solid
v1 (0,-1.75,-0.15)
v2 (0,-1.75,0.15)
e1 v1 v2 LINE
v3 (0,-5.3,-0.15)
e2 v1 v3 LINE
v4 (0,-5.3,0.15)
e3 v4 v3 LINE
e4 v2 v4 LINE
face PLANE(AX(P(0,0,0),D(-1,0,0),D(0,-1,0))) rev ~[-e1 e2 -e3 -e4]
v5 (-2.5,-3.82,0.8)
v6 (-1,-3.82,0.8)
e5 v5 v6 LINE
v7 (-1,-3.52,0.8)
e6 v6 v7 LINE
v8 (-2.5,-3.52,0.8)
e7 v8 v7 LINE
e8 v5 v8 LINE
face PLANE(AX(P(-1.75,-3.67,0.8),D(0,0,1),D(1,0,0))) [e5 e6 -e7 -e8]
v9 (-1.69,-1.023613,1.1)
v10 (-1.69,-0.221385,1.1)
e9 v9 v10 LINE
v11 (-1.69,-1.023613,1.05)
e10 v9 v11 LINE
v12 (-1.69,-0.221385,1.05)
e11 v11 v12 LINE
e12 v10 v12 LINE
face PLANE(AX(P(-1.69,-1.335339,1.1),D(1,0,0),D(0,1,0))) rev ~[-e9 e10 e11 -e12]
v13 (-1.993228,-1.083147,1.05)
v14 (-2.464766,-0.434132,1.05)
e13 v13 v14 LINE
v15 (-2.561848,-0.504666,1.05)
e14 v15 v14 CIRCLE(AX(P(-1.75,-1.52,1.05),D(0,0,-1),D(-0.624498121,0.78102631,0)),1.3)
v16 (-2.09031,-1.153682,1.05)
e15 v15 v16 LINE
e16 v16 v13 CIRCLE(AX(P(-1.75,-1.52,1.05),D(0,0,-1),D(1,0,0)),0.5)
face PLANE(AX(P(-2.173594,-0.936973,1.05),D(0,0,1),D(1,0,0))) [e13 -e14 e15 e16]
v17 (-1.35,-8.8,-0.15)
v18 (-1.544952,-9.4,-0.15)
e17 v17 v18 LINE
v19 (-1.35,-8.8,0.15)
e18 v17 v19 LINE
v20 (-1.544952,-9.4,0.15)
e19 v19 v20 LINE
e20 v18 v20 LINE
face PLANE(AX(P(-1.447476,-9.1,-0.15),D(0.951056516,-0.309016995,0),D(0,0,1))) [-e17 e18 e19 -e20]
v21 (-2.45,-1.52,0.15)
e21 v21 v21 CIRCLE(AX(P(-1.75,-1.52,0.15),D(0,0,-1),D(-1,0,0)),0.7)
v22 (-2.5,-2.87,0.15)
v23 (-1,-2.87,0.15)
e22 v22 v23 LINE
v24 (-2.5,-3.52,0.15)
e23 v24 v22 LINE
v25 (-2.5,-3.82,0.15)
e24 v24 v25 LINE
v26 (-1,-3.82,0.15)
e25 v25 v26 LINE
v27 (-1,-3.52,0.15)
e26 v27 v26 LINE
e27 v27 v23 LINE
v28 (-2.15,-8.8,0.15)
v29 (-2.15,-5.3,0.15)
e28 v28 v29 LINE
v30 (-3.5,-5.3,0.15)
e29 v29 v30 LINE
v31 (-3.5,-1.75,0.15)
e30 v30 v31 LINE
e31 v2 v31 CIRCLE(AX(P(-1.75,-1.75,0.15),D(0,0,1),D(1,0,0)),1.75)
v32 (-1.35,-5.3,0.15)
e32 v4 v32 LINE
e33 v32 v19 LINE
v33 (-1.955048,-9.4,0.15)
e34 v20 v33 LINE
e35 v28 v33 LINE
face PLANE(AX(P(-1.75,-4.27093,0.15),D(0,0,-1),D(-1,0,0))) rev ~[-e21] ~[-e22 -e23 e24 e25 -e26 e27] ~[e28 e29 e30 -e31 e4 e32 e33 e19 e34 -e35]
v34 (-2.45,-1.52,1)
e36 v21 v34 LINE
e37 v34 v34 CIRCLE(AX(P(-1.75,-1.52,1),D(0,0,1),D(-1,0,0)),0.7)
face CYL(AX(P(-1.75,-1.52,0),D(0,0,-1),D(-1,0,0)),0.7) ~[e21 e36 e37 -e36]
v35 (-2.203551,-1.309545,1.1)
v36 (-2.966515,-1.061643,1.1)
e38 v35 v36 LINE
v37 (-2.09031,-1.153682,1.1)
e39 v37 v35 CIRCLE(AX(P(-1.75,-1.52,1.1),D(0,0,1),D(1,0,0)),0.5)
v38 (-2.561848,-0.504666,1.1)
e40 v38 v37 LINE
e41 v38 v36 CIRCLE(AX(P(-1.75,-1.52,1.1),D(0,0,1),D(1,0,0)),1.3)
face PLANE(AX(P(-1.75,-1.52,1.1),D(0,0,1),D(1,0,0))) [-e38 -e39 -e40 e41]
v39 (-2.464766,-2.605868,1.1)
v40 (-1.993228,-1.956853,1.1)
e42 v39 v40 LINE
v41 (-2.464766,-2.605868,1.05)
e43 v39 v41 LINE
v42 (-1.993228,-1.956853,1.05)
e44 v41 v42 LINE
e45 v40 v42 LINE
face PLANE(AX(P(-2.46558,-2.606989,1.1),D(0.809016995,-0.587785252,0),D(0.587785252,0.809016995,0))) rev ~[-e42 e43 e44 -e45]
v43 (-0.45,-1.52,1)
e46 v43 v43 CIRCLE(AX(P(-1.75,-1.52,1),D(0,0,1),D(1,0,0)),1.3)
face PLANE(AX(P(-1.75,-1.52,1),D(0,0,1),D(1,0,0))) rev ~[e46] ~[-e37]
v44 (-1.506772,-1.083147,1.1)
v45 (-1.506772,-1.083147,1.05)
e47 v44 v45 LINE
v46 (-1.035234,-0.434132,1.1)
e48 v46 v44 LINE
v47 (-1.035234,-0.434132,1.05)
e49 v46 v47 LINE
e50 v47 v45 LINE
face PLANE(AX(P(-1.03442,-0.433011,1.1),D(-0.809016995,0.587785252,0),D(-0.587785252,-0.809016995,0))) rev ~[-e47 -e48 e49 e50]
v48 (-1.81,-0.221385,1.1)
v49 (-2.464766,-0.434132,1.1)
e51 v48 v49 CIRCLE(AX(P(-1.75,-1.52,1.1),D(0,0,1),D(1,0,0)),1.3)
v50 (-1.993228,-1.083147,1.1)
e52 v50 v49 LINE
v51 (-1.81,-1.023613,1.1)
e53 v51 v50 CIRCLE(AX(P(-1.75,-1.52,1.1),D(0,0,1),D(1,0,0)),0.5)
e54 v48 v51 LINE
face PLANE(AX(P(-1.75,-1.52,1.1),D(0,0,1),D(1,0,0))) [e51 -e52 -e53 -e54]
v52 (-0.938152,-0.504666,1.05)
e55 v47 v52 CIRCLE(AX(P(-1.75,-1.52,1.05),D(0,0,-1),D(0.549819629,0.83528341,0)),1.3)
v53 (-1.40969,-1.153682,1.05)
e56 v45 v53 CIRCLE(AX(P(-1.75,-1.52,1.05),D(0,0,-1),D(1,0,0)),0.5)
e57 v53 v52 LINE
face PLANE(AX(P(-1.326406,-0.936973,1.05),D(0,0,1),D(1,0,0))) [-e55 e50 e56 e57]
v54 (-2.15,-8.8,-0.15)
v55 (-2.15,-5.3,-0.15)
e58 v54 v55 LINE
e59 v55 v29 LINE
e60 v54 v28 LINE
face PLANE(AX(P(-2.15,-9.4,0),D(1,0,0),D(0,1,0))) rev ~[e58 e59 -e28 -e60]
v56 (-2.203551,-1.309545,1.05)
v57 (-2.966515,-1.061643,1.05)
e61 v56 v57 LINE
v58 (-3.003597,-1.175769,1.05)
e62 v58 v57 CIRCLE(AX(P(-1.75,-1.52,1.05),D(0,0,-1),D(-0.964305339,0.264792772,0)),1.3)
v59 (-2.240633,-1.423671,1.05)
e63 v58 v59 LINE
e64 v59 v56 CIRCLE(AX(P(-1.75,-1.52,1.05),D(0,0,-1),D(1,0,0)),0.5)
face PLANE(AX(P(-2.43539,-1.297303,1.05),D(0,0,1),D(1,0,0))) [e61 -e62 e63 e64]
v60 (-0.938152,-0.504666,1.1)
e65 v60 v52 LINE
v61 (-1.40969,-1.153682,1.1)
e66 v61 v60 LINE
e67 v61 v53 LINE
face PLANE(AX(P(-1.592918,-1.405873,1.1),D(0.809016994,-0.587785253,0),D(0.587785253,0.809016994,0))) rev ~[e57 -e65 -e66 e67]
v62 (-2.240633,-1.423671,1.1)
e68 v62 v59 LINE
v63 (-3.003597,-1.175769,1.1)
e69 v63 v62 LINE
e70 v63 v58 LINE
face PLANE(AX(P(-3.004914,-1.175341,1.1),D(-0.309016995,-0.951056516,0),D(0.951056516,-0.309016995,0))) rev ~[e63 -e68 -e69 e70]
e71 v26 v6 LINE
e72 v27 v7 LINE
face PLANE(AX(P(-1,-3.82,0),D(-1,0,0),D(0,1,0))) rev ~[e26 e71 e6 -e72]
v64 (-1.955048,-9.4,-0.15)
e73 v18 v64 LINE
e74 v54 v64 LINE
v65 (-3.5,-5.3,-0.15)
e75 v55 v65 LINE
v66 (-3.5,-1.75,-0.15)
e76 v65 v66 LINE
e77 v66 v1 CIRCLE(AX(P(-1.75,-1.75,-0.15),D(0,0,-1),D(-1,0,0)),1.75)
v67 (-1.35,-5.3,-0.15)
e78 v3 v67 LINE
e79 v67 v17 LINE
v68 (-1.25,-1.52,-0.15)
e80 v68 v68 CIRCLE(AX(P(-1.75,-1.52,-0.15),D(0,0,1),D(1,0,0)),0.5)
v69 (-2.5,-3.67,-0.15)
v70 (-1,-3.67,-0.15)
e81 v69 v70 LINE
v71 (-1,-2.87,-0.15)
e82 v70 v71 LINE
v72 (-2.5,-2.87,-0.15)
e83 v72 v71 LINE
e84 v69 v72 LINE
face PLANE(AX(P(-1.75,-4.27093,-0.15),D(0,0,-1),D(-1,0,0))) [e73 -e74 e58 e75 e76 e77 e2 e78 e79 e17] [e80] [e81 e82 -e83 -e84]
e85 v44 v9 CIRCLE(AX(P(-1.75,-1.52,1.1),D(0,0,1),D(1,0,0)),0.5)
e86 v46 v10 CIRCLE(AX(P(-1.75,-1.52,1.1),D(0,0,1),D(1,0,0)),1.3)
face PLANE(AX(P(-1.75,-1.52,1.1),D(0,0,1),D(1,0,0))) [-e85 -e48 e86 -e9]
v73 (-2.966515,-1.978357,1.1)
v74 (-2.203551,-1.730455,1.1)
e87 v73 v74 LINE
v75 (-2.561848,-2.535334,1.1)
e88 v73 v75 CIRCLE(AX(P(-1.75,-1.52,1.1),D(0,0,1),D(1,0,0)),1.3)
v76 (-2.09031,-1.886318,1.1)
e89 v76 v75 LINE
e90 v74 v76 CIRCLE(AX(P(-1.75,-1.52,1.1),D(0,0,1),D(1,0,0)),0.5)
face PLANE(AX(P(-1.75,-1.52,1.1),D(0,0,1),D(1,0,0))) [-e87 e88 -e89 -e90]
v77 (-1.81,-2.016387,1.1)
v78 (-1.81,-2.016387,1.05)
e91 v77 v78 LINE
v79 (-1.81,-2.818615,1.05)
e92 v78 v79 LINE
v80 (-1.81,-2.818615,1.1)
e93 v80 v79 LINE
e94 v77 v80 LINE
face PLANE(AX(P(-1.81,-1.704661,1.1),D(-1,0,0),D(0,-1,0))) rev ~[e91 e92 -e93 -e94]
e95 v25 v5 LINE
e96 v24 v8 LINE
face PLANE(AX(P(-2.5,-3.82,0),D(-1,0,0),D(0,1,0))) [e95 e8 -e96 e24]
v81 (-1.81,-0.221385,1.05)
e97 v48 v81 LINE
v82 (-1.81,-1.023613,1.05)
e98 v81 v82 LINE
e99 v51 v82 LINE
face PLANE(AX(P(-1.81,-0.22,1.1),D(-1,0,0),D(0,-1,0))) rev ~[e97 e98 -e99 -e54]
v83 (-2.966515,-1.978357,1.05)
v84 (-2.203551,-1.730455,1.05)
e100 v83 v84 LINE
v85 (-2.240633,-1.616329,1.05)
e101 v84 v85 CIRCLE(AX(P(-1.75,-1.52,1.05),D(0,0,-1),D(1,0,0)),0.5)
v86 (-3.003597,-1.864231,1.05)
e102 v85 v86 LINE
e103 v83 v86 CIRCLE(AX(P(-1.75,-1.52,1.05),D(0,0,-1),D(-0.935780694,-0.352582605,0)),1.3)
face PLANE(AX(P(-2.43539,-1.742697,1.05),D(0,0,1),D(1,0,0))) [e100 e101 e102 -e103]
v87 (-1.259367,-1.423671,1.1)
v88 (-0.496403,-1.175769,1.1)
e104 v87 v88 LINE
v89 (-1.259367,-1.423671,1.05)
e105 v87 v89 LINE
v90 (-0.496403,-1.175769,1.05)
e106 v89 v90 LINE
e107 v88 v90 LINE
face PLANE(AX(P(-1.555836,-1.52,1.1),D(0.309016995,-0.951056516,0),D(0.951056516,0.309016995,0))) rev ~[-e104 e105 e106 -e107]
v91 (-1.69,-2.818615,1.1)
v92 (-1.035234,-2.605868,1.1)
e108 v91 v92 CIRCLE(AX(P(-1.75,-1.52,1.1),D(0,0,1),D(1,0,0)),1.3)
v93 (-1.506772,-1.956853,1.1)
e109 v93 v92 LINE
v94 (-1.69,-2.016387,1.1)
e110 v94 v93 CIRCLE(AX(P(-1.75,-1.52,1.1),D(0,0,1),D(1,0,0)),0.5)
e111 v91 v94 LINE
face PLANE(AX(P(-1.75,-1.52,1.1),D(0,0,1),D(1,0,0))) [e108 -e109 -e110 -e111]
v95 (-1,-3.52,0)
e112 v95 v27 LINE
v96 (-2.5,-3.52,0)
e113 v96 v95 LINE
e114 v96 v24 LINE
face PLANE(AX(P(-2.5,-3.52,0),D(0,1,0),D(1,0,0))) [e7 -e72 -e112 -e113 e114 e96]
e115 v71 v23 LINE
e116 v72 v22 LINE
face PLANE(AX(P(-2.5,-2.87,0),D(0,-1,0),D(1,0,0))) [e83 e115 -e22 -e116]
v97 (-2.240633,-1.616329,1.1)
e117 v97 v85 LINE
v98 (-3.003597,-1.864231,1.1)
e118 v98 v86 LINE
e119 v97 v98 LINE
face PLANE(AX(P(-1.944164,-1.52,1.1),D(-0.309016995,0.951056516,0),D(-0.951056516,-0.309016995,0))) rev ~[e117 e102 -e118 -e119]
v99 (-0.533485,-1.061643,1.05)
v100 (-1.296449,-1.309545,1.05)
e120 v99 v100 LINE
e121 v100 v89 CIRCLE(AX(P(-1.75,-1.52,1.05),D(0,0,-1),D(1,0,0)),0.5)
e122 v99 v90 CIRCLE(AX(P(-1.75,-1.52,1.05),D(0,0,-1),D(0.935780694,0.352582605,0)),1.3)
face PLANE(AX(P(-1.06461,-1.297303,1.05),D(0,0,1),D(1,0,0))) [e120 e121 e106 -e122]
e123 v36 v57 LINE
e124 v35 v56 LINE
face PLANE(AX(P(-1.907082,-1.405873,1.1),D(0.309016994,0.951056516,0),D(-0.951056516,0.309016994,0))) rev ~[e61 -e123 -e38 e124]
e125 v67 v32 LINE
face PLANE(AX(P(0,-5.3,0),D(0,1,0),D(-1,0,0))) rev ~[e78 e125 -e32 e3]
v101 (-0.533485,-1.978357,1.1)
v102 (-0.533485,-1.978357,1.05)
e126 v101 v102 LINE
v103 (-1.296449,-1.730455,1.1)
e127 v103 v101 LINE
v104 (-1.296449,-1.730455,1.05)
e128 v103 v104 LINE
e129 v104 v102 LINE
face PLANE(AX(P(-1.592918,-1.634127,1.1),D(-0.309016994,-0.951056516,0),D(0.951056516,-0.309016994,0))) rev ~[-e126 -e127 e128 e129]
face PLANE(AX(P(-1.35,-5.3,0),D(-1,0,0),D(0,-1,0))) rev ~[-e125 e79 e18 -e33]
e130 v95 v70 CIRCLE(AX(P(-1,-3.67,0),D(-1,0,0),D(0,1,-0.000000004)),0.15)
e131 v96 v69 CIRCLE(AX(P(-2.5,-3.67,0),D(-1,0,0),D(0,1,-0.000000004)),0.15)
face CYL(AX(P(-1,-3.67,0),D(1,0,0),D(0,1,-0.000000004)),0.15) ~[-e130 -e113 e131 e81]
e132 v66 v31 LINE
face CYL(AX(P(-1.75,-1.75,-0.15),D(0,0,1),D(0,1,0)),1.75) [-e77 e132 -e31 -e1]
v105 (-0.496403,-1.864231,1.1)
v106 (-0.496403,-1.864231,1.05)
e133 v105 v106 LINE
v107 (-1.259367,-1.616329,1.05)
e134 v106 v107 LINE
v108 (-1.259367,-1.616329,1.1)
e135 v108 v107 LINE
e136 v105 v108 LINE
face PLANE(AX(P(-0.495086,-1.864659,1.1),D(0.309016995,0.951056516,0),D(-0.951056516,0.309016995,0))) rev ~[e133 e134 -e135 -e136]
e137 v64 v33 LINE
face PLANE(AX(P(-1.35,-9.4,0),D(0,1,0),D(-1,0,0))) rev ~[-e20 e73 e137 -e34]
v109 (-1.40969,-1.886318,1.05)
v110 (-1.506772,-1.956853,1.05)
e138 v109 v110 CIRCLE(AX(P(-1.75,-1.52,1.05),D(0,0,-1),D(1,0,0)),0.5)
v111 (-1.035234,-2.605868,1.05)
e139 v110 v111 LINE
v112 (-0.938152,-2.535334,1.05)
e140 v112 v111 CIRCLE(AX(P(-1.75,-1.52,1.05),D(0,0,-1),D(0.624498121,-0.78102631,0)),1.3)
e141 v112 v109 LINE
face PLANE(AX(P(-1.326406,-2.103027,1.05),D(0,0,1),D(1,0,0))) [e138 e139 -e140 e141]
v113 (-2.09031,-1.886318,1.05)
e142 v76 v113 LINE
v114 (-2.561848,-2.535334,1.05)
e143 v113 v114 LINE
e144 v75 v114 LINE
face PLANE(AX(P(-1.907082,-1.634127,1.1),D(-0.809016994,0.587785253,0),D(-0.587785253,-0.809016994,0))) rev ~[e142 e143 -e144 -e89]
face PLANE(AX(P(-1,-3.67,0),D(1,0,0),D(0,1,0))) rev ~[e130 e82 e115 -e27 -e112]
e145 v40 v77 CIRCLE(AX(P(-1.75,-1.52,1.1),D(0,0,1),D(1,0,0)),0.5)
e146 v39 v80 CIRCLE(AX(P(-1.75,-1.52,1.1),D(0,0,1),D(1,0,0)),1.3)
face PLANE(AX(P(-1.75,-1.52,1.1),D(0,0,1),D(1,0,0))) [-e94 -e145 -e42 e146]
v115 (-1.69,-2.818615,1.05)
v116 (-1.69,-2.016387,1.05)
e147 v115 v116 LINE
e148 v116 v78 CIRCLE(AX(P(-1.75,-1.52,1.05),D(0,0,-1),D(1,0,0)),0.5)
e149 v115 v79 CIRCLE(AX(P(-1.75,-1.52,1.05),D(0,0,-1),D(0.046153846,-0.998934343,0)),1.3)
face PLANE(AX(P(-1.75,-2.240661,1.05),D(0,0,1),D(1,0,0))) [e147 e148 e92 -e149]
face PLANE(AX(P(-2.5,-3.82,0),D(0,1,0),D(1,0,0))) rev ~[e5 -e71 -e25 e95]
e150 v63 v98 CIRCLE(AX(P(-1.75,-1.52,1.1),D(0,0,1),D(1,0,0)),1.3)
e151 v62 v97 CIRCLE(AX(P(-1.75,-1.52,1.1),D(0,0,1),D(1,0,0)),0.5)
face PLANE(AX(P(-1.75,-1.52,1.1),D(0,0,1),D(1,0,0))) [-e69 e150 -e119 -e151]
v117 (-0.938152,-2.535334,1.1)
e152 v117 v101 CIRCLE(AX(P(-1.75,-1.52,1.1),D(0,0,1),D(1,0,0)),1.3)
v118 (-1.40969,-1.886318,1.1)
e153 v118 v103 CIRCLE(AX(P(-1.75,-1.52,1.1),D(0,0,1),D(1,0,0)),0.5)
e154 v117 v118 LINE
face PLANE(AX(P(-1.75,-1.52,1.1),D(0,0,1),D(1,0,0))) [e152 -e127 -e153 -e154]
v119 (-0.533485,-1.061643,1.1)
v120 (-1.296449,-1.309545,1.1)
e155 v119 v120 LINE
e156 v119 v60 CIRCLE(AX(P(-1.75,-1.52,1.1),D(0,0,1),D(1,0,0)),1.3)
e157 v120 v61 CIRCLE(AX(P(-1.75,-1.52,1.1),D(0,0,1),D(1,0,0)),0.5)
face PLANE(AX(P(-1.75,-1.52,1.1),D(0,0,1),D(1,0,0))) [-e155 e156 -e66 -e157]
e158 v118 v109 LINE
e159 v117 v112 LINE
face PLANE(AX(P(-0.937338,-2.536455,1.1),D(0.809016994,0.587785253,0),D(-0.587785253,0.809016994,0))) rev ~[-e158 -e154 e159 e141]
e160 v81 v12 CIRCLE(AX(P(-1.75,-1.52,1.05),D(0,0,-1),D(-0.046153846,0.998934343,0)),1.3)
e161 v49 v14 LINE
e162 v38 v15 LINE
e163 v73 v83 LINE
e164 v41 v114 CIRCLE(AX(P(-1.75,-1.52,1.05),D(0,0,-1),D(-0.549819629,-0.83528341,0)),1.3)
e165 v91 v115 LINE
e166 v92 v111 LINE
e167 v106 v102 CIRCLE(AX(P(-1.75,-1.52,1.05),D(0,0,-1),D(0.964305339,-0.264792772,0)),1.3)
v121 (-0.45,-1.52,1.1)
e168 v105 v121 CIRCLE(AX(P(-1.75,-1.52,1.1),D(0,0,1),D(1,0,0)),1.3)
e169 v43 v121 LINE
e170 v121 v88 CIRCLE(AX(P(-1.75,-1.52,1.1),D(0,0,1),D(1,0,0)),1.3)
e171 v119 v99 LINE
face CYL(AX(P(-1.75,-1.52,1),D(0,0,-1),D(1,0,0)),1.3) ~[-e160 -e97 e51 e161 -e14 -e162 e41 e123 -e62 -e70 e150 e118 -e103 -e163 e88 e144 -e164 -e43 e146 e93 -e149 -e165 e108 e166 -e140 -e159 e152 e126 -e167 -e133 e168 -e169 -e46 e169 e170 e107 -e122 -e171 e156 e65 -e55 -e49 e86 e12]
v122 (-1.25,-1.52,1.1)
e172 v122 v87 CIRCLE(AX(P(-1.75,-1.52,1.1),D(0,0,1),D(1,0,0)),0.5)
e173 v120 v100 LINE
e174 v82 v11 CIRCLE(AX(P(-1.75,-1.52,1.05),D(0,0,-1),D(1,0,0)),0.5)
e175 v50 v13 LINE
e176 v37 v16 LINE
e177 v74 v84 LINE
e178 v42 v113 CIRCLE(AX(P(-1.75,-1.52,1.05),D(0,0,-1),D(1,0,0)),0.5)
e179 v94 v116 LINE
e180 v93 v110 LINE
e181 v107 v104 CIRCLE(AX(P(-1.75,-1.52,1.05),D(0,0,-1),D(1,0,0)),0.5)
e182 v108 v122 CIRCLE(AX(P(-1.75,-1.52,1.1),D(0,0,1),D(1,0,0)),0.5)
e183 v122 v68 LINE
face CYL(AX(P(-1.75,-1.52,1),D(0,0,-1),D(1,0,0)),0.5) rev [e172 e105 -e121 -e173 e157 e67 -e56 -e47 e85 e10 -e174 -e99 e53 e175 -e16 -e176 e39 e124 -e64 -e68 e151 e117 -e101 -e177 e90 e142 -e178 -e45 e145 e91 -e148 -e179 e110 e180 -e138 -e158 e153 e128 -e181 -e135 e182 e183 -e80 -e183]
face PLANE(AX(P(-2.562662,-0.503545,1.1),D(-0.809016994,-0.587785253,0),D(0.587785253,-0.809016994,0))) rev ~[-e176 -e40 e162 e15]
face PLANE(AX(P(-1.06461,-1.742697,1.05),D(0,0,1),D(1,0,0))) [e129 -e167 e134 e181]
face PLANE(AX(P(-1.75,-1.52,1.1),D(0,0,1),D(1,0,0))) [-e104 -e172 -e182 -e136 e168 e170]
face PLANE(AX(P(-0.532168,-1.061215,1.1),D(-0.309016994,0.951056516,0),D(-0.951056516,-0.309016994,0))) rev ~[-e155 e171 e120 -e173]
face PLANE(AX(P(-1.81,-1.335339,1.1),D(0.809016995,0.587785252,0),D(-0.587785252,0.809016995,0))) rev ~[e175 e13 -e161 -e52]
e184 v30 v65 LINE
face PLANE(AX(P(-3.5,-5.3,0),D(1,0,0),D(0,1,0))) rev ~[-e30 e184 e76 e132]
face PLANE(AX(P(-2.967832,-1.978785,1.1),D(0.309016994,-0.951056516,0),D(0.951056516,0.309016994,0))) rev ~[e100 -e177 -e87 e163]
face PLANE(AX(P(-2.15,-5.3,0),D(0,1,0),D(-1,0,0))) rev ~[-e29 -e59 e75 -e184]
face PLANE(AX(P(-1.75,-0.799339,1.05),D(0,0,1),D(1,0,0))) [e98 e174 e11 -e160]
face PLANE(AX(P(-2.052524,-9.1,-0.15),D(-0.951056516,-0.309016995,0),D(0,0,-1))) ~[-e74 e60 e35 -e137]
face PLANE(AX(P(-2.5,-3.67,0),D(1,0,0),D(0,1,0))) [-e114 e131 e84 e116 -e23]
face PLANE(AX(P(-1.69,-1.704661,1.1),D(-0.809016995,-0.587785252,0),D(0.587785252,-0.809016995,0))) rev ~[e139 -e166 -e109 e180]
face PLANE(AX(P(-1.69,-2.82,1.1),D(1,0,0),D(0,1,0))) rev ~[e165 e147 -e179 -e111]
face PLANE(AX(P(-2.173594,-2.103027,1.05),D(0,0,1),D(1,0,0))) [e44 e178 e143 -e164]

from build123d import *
from OCP.BRepFilletAPI import BRepFilletAPI_MakeChamfer

# Parameters (mm, degrees)
SKETCH1_R           = 0.5
SKETCH1_W           = 1.5
SKETCH1_H           = 0.8
BOSS_EXTRUDE1_DEPTH = 0.15
FILLET1_RADIUS      = 1.75
FILLET1_LENGTH      = 0.3
CHAMFER1_SIZE       = 0.6
CHAMFER1_SIZE2      = 0.194951818
SKETCH2_W           = 1.5
SKETCH2_H           = 0.3
BOSS_EXTRUDE2_DEPTH = 0.8
BOSS_EXTRUDE3_START = -1
BOSS_EXTRUDE3_DEPTH = 1.5
SKETCH4_R           = 0.7
SKETCH4_R_2         = 0.5
BOSS_EXTRUDE4_DEPTH = 1
BOSS_EXTRUDE5_START = 1
SKETCH5_R           = 1.3
SKETCH5_R_2         = 0.5
BOSS_EXTRUDE5_DEPTH = 0.1
CUT_EXTRUDE1_START  = 1.1
CUT_EXTRUDE1_DEPTH  = 0.05


with BuildPart() as part:
    # Sketch1 → Boss-Extrude1 (new, symmetric)
    with BuildSketch(Plane.XY):
        Polygon((-2.15, -5.3), (-3.5, -5.3), (-3.5, 0), (0, 0), (0, -5.3), (-1.35, -5.3), (-1.35, -9.4), (-2.15, -9.4), align=None)
        with Locations((-1.75, -1.52)):
            Circle(SKETCH1_R, mode=Mode.SUBTRACT)
        with Locations((-1.75, -3.27)):
            Rectangle(SKETCH1_W, SKETCH1_H, mode=Mode.SUBTRACT)
    extrude(amount=BOSS_EXTRUDE1_DEPTH, both=True)

    # Fillet1: full round fillet: the end face becomes a half cylinder, R = half its width
    fillet1_face = Plane((-1.75, 0, 0), x_dir=(0, 0, 1), z_dir=(0, 1, 0))  # on the end face: x along it, z out of the body
    fillet1_slab = fillet1_face.offset(-FILLET1_RADIUS / 2) * Box(FILLET1_LENGTH, 2 * FILLET1_RADIUS, FILLET1_RADIUS, mode=Mode.PRIVATE)  # the body's end, R deep
    fillet1_round = Plane((-1.75, -1.75, 0), x_dir=(0, 1, 0), z_dir=(0, 0, 1)) * Cylinder(FILLET1_RADIUS, FILLET1_LENGTH, mode=Mode.PRIVATE)  # its axis R under the face
    add(fillet1_slab - fillet1_round, mode=Mode.SUBTRACT)

    # Chamfer1: one chamfer whose edges measure the first distance from different faces: ONE call of the kernel's chamfer builder (chamfer() names one face for all edges)
    chamfer1_edges_1 = [part.edges().sort_by_distance(p)[0] for p in [
        (-1.35, -9.4, 0),
    ]]
    chamfer1_side_1 = [part.faces().sort_by_distance(p)[0] for p in [
        (-1.35, -7.35, 0),
    ]]
    chamfer1_edges_2 = [part.edges().sort_by_distance(p)[0] for p in [
        (-2.15, -9.4, 0),
    ]]
    chamfer1_side_2 = [part.faces().sort_by_distance(p)[0] for p in [
        (-2.15, -7.35, 0),
    ]]
    chamfer1 = BRepFilletAPI_MakeChamfer(part.part.solid().wrapped)
    for e in chamfer1_edges_1:
        chamfer1.Add(CHAMFER1_SIZE, CHAMFER1_SIZE2, e.wrapped, chamfer1_side_1[0].wrapped)  # the first distance lies on this face
    for e in chamfer1_edges_2:
        chamfer1.Add(CHAMFER1_SIZE, CHAMFER1_SIZE2, e.wrapped, chamfer1_side_2[0].wrapped)  # the first distance lies on this face
    add(Compound.cast(chamfer1.Shape()), mode=Mode.REPLACE)

    # Sketch2 → Boss-Extrude2 (add)
    with BuildSketch(Plane.XY):
        with Locations((-1.75, -3.67)):
            Rectangle(SKETCH2_W, SKETCH2_H)
    extrude(amount=BOSS_EXTRUDE2_DEPTH)

    # Sketch3 → Boss-Extrude3 (add)
    with BuildSketch(Plane(origin=(0, 0, 0), x_dir=(0, 0, -1), z_dir=(1, 0, 0)).offset(BOSS_EXTRUDE3_START)):
        with BuildLine():
            Line((0.15, -3.67), (0, -3.67))
            Line((0, -3.67), (0, -3.52))
            ThreePointArc((0, -3.52), (0.106066017, -3.563933983), (0.15, -3.67))
        make_face()
    extrude(amount=-BOSS_EXTRUDE3_DEPTH)

    # Sketch4 → Boss-Extrude4 (add)
    with BuildSketch(Plane.XY):
        with Locations(Location((-1.75, -1.52, 0), (0, 0, 180))):
            Circle(SKETCH4_R)
        with Locations((-1.75, -1.52)):
            Circle(SKETCH4_R_2, mode=Mode.SUBTRACT)
    extrude(amount=BOSS_EXTRUDE4_DEPTH)

    # Sketch5 → Boss-Extrude5 (add)
    with BuildSketch(Plane.XY.offset(BOSS_EXTRUDE5_START)):
        with Locations((-1.75, -1.52)):
            Circle(SKETCH5_R)
        with Locations((-1.75, -1.52)):
            Circle(SKETCH5_R_2, mode=Mode.SUBTRACT)
    extrude(amount=BOSS_EXTRUDE5_DEPTH)

    # Sketch6 → Cut-Extrude1 (cut)
    with BuildSketch(Plane.XY.offset(CUT_EXTRUDE1_START)):
        Polygon((-1.75, -1.417921903), (-1.69, -1.335338988), (-1.69, -0.22), (-1.81, -0.22), (-1.81, -1.335338988), align=None)
        Polygon((-1.81, -1.437417085), (-1.81, -1.335338988), (-2.465579808, -0.433010792), (-2.562661848, -0.503545022), (-1.907082039, -1.405873218), align=None)
        Polygon((-1.944164079, -1.52), (-1.847082039, -1.488456133), (-1.907082039, -1.405873218), (-2.967832452, -1.061214516), (-3.004914491, -1.175341298), align=None)
        Polygon((-2.967832452, -1.978785484), (-1.907082039, -1.634126782), (-1.847082039, -1.551543867), (-1.944164079, -1.52), (-3.004914491, -1.864658702), align=None)
        Polygon((-1.69, -1.437417085), (-1.592917961, -1.405873218), (-0.937338152, -0.503545022), (-1.034420192, -0.433010792), (-1.69, -1.335338988), align=None)
        Polygon((-1.555835921, -1.52), (-0.495085509, -1.175341298), (-0.532167548, -1.061214516), (-1.592917961, -1.405873218), (-1.652917961, -1.488456133), align=None)
        Polygon((-0.495085509, -1.864658702), (-1.555835921, -1.52), (-1.652917961, -1.551543867), (-1.592917961, -1.634126782), (-0.532167548, -1.978785484), align=None)
        Polygon((-1.81, -1.704661012), (-1.81, -1.602582915), (-1.907082039, -1.634126782), (-2.562661848, -2.536454978), (-2.465579808, -2.606989208), align=None)
        Polygon((-0.937338152, -2.536454978), (-1.592917961, -1.634126782), (-1.69, -1.602582915), (-1.69, -1.704661012), (-1.034420192, -2.606989208), align=None)
        Polygon((-1.69, -2.82), (-1.69, -1.704661012), (-1.75, -1.622078097), (-1.81, -1.704661012), (-1.81, -2.82), align=None)
    extrude(amount=-CUT_EXTRUDE1_DEPTH, mode=Mode.SUBTRACT)


solid = part.part
